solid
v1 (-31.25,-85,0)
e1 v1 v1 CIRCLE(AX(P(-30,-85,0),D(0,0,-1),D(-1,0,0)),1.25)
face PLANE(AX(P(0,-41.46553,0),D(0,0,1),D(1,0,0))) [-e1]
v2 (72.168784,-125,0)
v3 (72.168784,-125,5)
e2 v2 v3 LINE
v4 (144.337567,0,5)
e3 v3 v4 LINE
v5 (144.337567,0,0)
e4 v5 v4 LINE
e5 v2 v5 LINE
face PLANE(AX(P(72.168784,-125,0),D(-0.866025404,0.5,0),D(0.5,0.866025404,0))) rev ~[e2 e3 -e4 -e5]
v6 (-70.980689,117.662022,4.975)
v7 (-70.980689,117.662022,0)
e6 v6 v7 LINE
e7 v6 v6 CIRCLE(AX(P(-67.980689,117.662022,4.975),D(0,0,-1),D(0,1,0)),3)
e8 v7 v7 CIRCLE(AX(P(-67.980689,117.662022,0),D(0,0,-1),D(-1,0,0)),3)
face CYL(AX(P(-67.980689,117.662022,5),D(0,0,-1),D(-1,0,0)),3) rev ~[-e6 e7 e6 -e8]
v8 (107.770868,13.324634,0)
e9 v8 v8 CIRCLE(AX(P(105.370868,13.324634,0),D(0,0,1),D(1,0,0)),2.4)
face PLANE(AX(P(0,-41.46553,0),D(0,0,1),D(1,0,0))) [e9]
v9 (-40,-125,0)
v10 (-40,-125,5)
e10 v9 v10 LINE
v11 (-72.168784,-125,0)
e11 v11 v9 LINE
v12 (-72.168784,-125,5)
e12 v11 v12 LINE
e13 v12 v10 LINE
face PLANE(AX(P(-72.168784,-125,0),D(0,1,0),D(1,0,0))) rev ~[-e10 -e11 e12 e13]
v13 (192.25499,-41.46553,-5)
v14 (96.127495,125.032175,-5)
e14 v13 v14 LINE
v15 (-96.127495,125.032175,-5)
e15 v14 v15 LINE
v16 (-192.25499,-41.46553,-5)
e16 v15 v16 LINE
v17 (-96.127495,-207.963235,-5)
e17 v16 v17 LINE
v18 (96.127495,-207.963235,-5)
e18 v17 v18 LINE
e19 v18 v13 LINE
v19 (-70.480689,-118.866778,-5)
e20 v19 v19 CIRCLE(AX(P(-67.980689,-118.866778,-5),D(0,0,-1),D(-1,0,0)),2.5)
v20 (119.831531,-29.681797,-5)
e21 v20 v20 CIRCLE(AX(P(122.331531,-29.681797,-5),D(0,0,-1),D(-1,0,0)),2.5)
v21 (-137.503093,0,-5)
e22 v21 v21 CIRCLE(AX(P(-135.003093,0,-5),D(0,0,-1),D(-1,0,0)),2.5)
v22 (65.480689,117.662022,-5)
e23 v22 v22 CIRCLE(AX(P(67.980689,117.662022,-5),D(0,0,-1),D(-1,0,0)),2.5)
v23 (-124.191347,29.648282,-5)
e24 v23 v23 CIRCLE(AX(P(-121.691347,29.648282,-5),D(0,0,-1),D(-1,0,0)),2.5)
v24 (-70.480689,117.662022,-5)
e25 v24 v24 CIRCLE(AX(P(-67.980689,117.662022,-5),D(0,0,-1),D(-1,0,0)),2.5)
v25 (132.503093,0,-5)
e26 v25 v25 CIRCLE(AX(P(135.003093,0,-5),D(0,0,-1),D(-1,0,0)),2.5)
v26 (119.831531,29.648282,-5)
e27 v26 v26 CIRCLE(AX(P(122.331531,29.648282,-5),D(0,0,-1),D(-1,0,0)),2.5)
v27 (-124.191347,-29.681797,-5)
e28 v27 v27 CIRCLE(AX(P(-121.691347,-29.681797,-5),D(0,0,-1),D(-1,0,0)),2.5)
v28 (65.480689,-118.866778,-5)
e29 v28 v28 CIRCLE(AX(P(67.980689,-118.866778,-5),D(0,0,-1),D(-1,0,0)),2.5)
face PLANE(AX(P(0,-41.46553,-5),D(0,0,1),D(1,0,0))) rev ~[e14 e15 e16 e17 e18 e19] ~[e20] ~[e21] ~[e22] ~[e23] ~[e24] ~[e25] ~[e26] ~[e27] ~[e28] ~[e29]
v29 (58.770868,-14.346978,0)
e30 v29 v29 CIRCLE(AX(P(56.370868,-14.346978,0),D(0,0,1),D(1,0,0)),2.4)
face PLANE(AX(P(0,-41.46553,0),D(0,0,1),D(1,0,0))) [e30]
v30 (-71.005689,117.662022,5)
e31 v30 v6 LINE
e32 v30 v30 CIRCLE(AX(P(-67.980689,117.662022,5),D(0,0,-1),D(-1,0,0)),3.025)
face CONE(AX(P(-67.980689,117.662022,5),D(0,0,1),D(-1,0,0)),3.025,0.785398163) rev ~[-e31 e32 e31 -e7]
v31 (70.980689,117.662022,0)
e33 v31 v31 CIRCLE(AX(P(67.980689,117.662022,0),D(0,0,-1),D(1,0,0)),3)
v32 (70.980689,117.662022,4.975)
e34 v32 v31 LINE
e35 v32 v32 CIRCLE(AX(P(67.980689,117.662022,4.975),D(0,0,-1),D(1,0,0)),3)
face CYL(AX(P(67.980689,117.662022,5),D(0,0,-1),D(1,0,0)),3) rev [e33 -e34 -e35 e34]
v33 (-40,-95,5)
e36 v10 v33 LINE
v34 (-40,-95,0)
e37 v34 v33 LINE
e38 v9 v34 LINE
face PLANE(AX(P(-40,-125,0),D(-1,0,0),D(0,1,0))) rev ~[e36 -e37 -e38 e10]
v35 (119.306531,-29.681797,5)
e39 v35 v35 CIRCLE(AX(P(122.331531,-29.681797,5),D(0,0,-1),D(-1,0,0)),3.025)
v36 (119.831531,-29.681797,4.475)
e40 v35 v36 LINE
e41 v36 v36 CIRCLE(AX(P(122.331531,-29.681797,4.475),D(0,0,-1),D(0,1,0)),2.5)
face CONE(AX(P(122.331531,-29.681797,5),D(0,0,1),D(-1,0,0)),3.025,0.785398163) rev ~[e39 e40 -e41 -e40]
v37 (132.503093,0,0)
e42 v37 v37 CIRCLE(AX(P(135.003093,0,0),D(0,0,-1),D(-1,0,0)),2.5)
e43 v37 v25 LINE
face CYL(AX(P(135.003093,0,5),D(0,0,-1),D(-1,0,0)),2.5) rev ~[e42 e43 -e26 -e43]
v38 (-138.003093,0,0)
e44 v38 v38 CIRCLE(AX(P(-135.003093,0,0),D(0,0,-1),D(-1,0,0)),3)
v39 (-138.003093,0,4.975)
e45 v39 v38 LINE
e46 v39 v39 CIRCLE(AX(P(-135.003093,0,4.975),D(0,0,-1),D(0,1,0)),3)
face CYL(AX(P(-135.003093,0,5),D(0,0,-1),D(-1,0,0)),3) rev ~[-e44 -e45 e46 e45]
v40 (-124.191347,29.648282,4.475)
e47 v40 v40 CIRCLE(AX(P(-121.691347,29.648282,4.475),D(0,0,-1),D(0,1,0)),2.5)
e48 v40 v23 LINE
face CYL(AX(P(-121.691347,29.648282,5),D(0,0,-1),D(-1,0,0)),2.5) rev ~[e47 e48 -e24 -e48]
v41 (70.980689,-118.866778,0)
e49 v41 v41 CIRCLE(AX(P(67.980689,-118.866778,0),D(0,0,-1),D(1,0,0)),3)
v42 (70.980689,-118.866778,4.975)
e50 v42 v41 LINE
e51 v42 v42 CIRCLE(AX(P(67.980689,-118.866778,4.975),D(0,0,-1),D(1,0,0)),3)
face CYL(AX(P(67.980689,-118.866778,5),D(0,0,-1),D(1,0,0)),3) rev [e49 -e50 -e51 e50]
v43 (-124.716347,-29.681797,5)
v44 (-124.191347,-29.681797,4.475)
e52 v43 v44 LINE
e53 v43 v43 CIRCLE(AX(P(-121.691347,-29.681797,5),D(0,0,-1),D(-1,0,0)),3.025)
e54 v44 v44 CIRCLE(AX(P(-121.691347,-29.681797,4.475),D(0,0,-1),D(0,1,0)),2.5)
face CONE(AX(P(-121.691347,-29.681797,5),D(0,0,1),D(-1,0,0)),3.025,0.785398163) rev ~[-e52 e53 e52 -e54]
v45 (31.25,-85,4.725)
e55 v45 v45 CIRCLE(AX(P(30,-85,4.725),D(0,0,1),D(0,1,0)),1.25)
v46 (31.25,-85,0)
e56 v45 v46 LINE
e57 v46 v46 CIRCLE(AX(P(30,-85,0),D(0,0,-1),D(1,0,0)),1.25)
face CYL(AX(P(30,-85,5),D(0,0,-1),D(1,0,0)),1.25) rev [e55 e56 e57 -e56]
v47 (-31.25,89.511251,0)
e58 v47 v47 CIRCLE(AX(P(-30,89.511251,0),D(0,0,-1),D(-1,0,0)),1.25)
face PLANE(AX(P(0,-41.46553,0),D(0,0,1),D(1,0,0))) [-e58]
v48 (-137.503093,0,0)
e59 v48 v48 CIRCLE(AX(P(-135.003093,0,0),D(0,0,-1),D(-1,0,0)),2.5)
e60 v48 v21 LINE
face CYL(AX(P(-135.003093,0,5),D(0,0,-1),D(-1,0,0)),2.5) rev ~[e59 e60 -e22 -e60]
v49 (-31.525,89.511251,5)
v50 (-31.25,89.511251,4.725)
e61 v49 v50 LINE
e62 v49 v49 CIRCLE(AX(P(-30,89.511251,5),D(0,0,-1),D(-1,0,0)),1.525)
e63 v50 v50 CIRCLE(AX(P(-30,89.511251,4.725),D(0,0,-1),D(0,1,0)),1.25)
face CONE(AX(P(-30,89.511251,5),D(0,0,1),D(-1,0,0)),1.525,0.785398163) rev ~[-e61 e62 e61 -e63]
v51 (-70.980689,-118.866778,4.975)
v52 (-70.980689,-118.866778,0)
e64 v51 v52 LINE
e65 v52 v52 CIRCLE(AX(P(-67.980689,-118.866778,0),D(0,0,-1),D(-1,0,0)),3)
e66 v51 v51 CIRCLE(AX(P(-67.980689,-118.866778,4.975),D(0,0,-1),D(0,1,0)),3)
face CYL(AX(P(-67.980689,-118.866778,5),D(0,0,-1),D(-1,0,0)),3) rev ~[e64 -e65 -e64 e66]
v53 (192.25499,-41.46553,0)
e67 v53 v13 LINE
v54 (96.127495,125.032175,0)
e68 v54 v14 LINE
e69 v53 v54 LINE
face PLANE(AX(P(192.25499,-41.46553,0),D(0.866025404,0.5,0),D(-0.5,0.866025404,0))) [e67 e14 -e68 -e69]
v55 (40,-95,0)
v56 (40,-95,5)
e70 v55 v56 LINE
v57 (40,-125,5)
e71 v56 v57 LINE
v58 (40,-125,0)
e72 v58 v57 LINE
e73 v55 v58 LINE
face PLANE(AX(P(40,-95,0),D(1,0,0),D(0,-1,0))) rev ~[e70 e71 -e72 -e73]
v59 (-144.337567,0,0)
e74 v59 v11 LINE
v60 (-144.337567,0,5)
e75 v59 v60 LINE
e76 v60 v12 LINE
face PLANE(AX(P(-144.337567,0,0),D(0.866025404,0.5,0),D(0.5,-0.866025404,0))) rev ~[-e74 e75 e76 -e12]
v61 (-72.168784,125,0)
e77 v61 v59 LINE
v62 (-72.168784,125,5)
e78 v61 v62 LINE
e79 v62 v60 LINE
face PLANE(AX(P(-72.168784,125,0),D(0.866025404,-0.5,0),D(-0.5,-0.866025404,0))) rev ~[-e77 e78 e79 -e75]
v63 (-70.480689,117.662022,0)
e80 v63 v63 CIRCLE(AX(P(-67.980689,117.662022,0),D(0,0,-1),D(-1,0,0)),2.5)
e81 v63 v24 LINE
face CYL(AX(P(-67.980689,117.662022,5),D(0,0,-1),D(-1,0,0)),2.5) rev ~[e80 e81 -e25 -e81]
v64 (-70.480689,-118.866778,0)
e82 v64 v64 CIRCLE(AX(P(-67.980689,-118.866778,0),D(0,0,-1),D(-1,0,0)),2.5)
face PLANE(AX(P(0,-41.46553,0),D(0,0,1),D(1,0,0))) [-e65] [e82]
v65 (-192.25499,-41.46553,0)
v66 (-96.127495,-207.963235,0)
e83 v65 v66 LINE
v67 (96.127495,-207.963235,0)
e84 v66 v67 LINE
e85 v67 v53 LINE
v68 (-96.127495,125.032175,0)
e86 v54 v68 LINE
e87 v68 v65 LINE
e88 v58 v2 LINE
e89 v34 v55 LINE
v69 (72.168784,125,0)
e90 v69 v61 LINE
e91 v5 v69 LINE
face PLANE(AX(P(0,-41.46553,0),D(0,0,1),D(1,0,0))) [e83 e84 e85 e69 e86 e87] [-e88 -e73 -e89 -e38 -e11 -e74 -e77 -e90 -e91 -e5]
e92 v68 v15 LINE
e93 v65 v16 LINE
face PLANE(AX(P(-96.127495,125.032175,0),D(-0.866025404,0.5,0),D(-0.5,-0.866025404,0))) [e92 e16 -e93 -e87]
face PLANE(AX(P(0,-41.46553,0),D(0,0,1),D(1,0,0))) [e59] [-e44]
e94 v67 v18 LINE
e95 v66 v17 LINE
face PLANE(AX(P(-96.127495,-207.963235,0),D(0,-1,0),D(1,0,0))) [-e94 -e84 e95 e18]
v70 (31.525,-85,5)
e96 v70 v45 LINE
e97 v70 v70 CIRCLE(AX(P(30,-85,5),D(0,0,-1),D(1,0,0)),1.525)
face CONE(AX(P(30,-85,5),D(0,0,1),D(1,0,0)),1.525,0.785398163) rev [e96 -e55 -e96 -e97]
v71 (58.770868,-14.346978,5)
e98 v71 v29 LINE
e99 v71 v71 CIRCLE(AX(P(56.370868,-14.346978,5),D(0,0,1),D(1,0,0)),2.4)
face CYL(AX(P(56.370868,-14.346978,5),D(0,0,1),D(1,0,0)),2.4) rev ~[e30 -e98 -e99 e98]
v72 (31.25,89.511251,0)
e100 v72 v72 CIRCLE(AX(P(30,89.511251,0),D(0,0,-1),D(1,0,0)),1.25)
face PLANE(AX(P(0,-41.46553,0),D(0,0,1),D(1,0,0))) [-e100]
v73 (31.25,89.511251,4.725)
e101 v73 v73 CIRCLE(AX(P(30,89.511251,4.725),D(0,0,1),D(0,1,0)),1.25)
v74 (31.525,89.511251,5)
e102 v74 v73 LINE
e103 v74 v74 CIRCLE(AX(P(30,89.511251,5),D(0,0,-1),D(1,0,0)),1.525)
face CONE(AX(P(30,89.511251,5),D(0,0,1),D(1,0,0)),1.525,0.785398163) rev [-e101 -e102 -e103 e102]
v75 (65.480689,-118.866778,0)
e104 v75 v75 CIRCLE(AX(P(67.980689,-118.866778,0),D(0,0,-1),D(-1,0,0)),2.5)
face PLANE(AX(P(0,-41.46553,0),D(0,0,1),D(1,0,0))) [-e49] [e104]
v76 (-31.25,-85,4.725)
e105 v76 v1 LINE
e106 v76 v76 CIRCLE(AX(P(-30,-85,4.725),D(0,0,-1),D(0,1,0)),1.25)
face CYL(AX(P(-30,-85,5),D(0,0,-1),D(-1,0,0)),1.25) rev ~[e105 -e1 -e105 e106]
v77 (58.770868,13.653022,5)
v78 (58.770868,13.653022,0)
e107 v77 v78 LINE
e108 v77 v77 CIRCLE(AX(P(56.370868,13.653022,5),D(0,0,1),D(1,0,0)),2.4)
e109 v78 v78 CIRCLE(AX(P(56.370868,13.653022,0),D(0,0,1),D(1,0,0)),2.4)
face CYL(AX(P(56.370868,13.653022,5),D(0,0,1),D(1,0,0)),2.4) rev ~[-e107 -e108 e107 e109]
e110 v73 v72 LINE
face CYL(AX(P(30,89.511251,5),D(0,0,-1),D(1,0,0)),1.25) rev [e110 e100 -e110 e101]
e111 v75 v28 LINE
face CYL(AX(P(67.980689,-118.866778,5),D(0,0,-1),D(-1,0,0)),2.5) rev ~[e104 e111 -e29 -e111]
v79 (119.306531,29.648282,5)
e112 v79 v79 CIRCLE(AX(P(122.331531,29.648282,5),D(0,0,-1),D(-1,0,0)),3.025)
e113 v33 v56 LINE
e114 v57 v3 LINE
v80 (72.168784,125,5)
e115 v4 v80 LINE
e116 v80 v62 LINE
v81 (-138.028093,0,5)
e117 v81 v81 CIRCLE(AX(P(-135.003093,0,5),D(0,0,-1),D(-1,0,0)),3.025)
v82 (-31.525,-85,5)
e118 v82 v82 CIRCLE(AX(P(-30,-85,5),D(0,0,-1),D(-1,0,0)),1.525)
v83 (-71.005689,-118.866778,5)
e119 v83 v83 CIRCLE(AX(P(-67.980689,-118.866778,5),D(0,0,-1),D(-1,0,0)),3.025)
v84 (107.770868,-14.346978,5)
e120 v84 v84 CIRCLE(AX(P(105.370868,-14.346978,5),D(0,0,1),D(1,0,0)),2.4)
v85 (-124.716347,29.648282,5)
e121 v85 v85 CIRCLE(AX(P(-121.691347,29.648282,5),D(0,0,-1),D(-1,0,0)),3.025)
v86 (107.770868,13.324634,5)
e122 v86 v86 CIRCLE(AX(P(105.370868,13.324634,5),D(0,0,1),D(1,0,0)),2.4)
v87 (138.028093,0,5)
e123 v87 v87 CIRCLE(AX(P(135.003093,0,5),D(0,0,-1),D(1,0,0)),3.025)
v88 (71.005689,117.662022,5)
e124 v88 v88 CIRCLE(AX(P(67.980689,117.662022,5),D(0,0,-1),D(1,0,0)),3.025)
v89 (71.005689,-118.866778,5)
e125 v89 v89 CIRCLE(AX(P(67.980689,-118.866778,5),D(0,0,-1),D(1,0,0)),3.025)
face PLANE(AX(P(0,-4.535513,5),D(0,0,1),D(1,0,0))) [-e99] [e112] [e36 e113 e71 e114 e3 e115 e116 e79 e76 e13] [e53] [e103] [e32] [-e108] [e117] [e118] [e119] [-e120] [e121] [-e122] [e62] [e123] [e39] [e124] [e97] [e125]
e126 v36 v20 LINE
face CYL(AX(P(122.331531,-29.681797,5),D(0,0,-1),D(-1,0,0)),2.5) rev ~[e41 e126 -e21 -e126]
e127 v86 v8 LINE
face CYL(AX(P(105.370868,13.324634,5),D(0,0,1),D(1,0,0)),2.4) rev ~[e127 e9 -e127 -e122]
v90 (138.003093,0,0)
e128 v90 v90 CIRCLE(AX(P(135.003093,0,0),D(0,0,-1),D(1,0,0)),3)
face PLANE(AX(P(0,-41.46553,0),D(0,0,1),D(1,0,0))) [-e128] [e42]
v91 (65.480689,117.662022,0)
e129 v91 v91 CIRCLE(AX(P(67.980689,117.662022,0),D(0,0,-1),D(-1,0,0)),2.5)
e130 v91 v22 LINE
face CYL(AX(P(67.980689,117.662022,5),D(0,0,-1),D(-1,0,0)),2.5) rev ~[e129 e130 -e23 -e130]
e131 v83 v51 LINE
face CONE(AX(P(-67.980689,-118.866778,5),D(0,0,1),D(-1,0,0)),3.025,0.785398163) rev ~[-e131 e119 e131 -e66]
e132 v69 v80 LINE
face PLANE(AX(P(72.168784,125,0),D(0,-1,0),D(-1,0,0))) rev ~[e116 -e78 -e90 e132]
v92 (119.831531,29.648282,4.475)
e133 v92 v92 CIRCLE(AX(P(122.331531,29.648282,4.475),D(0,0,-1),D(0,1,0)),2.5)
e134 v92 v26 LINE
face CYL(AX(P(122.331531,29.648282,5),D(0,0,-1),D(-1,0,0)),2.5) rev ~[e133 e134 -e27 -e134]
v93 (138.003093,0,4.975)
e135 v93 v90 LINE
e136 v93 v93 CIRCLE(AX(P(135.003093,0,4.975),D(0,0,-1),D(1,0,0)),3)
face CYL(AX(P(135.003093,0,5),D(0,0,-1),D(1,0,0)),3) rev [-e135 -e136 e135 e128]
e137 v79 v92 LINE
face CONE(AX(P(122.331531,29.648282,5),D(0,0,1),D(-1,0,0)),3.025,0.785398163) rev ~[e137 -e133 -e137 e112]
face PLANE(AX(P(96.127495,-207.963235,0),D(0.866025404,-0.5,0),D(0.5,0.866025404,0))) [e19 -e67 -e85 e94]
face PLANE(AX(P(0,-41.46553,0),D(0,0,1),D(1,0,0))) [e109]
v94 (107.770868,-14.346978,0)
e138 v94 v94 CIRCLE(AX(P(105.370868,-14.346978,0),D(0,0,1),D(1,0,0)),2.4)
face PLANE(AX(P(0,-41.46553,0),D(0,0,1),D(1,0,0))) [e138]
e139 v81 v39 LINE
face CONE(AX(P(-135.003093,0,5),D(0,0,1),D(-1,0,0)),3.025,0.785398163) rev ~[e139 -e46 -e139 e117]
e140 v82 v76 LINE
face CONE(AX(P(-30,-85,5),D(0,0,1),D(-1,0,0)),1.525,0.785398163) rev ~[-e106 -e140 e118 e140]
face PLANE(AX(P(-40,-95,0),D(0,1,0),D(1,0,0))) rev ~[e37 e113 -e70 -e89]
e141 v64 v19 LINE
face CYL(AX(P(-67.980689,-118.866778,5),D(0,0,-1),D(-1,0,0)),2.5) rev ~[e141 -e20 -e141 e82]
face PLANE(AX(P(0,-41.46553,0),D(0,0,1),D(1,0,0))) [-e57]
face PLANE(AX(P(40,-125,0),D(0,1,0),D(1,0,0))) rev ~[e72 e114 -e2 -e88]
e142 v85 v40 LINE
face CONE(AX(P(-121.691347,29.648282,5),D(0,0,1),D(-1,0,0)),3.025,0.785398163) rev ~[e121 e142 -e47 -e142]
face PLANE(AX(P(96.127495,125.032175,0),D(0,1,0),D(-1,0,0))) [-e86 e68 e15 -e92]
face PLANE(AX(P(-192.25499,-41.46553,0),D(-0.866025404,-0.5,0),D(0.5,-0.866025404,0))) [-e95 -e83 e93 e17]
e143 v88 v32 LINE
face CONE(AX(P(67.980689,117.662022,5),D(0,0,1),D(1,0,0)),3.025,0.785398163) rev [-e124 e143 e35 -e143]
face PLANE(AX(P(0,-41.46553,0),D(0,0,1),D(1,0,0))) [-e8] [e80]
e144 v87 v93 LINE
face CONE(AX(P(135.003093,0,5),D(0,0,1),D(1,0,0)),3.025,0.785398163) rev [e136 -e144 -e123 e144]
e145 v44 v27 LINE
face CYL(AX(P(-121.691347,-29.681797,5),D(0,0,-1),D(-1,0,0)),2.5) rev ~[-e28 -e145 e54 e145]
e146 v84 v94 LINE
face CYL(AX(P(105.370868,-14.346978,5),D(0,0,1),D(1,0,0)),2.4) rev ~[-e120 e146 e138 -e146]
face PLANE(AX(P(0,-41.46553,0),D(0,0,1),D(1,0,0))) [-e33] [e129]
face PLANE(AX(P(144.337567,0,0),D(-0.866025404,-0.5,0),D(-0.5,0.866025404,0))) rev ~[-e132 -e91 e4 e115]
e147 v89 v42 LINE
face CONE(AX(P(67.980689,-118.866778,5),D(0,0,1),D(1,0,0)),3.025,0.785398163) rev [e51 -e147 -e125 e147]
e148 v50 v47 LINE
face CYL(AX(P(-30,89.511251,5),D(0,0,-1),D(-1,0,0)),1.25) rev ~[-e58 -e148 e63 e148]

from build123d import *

# Parameters (mm, degrees)
EXTRUDE_3_DEPTH                 = 5
HOLE_WIZARD_M3_1_D              = 2.5
HOLE_WIZARD_M3_1_CSINK_D        = 3.05
HOLE_WIZARD_M3_1_CSINK_ANGLE    = 90
HOLE_WIZARD_M3_2_D              = 2.5
HOLE_WIZARD_M3_2_CSINK_D        = 3.05
HOLE_WIZARD_M3_2_CSINK_ANGLE    = 90
HOLE_WIZARD_6_0_6_1_D           = 6
HOLE_WIZARD_6_0_6_1_CSINK_D     = 6.05
HOLE_WIZARD_6_0_6_1_CSINK_ANGLE = 90
SKETCH_20_R                     = 2.4
CUT_EXTRUDE_2_DEPTH             = 192.006108105
HOLE_WIZARD_M6_2_D              = 5
HOLE_WIZARD_M6_2_CSINK_D        = 6.05
HOLE_WIZARD_M6_2_CSINK_ANGLE    = 90
EXTRUDE_5_DEPTH                 = 5
HOLE_WIZARD_M6_3_D              = 5
HOLE_WIZARD_M6_3_CSINK_D        = 6.05
HOLE_WIZARD_M6_3_CSINK_ANGLE    = 90


with BuildPart() as part:
    # 草图8 → 凸台-拉伸3 (new body)
    with BuildSketch(Plane.XY):
        Polygon((144.337567297, 0), (72.168783649, 125), (-72.168783649, 125), (-144.337567297, 0), (-72.168783649, -125), (-40, -125), (-40, -95), (40, -95), (40, -125), (72.168783649, -125), align=None)
    extrude(amount=EXTRUDE_3_DEPTH)

    # M3 螺纹孔1 (through all)
    with Locations(Plane.XY.offset(5)):
        with Locations((-30, -85)):
            hole_wizard_m3_1 = CounterSinkHole(HOLE_WIZARD_M3_1_D / 2, HOLE_WIZARD_M3_1_CSINK_D / 2, counter_sink_angle=HOLE_WIZARD_M3_1_CSINK_ANGLE)

    # M3 螺纹孔2 (through all)
    with Locations(Plane.XY.offset(5)):
        with Locations((-30, 89.511250681)):
            hole_wizard_m3_2 = CounterSinkHole(HOLE_WIZARD_M3_2_D / 2, HOLE_WIZARD_M3_2_CSINK_D / 2, counter_sink_angle=HOLE_WIZARD_M3_2_CSINK_ANGLE)

    # 镜向1: M3 螺纹孔1, M3 螺纹孔2 across plane
    add(hole_wizard_m3_1.mirror(Plane(origin=(0, 0, 0), x_dir=(0, 0, 1), z_dir=(1, 0, 0))), mode=Mode.SUBTRACT)
    add(hole_wizard_m3_2.mirror(Plane(origin=(0, 0, 0), x_dir=(0, 0, 1), z_dir=(1, 0, 0))), mode=Mode.SUBTRACT)

    # Ø6.0 (6) 直径孔1 (through all)
    with Locations(Plane.XY.offset(5)):
        with Locations((-135.003092598, 0), (-67.980688817, -118.866778441), (-67.980688817, 117.662022204)):
            hole_wizard_6_0_6_1 = CounterSinkHole(HOLE_WIZARD_6_0_6_1_D / 2, HOLE_WIZARD_6_0_6_1_CSINK_D / 2, counter_sink_angle=HOLE_WIZARD_6_0_6_1_CSINK_ANGLE)

    # 镜向2: Ø6.0 (6) 直径孔1 across plane
    add(hole_wizard_6_0_6_1.mirror(Plane(origin=(0, 0, 0), x_dir=(0, 0, 1), z_dir=(1, 0, 0))), mode=Mode.SUBTRACT)

    # 草图20 → 切除-拉伸2 (cut, through all)
    with BuildSketch(Plane.XY.offset(5)):
        with Locations((56.370867728, 13.653021969)):
            Circle(SKETCH_20_R)
        with Locations((105.370867728, 13.324633606)):
            Circle(SKETCH_20_R)
        with Locations((56.370867728, -14.346978031)):
            Circle(SKETCH_20_R)
        with Locations((105.370867728, -14.346978031)):
            Circle(SKETCH_20_R)
    extrude(amount=-CUT_EXTRUDE_2_DEPTH, mode=Mode.SUBTRACT)

    # M6 螺纹孔2 (through all)
    with Locations(Plane.XY.offset(5)):
        with Locations((-121.691346762, -29.681796734), (122.33153109, -29.681796734), (-121.691346762, 29.648282418), (122.33153109, 29.648282418)):
            CounterSinkHole(HOLE_WIZARD_M6_2_D / 2, HOLE_WIZARD_M6_2_CSINK_D / 2, counter_sink_angle=HOLE_WIZARD_M6_2_CSINK_ANGLE)

    # 草图28 → 凸台-拉伸5 (add)
    with BuildSketch(Plane.XY):
        Polygon((192.254989682, -41.465529773), (96.127494841, 125.032175296), (-96.127494841, 125.032175296), (-192.254989682, -41.465529773), (-96.127494841, -207.963234842), (96.127494841, -207.963234842), align=None)
    extrude(amount=-EXTRUDE_5_DEPTH)

    # M6 螺纹孔3 (through all)
    with Locations(Plane.XY.offset(5)):
        with Locations((-121.691346762, 29.648282418), (-135.003092598, 0), (-121.691346762, -29.681796734), (122.33153109, 29.648282418), (135.003092598, 0), (122.33153109, -29.681796734), (67.980688817, -118.866778441), (-67.980688817, -118.866778441), (67.980688817, 117.662022204), (-67.980688817, 117.662022204)):
            CounterSinkHole(HOLE_WIZARD_M6_3_D / 2, HOLE_WIZARD_M6_3_CSINK_D / 2, counter_sink_angle=HOLE_WIZARD_M6_3_CSINK_ANGLE)


solid = part.part
